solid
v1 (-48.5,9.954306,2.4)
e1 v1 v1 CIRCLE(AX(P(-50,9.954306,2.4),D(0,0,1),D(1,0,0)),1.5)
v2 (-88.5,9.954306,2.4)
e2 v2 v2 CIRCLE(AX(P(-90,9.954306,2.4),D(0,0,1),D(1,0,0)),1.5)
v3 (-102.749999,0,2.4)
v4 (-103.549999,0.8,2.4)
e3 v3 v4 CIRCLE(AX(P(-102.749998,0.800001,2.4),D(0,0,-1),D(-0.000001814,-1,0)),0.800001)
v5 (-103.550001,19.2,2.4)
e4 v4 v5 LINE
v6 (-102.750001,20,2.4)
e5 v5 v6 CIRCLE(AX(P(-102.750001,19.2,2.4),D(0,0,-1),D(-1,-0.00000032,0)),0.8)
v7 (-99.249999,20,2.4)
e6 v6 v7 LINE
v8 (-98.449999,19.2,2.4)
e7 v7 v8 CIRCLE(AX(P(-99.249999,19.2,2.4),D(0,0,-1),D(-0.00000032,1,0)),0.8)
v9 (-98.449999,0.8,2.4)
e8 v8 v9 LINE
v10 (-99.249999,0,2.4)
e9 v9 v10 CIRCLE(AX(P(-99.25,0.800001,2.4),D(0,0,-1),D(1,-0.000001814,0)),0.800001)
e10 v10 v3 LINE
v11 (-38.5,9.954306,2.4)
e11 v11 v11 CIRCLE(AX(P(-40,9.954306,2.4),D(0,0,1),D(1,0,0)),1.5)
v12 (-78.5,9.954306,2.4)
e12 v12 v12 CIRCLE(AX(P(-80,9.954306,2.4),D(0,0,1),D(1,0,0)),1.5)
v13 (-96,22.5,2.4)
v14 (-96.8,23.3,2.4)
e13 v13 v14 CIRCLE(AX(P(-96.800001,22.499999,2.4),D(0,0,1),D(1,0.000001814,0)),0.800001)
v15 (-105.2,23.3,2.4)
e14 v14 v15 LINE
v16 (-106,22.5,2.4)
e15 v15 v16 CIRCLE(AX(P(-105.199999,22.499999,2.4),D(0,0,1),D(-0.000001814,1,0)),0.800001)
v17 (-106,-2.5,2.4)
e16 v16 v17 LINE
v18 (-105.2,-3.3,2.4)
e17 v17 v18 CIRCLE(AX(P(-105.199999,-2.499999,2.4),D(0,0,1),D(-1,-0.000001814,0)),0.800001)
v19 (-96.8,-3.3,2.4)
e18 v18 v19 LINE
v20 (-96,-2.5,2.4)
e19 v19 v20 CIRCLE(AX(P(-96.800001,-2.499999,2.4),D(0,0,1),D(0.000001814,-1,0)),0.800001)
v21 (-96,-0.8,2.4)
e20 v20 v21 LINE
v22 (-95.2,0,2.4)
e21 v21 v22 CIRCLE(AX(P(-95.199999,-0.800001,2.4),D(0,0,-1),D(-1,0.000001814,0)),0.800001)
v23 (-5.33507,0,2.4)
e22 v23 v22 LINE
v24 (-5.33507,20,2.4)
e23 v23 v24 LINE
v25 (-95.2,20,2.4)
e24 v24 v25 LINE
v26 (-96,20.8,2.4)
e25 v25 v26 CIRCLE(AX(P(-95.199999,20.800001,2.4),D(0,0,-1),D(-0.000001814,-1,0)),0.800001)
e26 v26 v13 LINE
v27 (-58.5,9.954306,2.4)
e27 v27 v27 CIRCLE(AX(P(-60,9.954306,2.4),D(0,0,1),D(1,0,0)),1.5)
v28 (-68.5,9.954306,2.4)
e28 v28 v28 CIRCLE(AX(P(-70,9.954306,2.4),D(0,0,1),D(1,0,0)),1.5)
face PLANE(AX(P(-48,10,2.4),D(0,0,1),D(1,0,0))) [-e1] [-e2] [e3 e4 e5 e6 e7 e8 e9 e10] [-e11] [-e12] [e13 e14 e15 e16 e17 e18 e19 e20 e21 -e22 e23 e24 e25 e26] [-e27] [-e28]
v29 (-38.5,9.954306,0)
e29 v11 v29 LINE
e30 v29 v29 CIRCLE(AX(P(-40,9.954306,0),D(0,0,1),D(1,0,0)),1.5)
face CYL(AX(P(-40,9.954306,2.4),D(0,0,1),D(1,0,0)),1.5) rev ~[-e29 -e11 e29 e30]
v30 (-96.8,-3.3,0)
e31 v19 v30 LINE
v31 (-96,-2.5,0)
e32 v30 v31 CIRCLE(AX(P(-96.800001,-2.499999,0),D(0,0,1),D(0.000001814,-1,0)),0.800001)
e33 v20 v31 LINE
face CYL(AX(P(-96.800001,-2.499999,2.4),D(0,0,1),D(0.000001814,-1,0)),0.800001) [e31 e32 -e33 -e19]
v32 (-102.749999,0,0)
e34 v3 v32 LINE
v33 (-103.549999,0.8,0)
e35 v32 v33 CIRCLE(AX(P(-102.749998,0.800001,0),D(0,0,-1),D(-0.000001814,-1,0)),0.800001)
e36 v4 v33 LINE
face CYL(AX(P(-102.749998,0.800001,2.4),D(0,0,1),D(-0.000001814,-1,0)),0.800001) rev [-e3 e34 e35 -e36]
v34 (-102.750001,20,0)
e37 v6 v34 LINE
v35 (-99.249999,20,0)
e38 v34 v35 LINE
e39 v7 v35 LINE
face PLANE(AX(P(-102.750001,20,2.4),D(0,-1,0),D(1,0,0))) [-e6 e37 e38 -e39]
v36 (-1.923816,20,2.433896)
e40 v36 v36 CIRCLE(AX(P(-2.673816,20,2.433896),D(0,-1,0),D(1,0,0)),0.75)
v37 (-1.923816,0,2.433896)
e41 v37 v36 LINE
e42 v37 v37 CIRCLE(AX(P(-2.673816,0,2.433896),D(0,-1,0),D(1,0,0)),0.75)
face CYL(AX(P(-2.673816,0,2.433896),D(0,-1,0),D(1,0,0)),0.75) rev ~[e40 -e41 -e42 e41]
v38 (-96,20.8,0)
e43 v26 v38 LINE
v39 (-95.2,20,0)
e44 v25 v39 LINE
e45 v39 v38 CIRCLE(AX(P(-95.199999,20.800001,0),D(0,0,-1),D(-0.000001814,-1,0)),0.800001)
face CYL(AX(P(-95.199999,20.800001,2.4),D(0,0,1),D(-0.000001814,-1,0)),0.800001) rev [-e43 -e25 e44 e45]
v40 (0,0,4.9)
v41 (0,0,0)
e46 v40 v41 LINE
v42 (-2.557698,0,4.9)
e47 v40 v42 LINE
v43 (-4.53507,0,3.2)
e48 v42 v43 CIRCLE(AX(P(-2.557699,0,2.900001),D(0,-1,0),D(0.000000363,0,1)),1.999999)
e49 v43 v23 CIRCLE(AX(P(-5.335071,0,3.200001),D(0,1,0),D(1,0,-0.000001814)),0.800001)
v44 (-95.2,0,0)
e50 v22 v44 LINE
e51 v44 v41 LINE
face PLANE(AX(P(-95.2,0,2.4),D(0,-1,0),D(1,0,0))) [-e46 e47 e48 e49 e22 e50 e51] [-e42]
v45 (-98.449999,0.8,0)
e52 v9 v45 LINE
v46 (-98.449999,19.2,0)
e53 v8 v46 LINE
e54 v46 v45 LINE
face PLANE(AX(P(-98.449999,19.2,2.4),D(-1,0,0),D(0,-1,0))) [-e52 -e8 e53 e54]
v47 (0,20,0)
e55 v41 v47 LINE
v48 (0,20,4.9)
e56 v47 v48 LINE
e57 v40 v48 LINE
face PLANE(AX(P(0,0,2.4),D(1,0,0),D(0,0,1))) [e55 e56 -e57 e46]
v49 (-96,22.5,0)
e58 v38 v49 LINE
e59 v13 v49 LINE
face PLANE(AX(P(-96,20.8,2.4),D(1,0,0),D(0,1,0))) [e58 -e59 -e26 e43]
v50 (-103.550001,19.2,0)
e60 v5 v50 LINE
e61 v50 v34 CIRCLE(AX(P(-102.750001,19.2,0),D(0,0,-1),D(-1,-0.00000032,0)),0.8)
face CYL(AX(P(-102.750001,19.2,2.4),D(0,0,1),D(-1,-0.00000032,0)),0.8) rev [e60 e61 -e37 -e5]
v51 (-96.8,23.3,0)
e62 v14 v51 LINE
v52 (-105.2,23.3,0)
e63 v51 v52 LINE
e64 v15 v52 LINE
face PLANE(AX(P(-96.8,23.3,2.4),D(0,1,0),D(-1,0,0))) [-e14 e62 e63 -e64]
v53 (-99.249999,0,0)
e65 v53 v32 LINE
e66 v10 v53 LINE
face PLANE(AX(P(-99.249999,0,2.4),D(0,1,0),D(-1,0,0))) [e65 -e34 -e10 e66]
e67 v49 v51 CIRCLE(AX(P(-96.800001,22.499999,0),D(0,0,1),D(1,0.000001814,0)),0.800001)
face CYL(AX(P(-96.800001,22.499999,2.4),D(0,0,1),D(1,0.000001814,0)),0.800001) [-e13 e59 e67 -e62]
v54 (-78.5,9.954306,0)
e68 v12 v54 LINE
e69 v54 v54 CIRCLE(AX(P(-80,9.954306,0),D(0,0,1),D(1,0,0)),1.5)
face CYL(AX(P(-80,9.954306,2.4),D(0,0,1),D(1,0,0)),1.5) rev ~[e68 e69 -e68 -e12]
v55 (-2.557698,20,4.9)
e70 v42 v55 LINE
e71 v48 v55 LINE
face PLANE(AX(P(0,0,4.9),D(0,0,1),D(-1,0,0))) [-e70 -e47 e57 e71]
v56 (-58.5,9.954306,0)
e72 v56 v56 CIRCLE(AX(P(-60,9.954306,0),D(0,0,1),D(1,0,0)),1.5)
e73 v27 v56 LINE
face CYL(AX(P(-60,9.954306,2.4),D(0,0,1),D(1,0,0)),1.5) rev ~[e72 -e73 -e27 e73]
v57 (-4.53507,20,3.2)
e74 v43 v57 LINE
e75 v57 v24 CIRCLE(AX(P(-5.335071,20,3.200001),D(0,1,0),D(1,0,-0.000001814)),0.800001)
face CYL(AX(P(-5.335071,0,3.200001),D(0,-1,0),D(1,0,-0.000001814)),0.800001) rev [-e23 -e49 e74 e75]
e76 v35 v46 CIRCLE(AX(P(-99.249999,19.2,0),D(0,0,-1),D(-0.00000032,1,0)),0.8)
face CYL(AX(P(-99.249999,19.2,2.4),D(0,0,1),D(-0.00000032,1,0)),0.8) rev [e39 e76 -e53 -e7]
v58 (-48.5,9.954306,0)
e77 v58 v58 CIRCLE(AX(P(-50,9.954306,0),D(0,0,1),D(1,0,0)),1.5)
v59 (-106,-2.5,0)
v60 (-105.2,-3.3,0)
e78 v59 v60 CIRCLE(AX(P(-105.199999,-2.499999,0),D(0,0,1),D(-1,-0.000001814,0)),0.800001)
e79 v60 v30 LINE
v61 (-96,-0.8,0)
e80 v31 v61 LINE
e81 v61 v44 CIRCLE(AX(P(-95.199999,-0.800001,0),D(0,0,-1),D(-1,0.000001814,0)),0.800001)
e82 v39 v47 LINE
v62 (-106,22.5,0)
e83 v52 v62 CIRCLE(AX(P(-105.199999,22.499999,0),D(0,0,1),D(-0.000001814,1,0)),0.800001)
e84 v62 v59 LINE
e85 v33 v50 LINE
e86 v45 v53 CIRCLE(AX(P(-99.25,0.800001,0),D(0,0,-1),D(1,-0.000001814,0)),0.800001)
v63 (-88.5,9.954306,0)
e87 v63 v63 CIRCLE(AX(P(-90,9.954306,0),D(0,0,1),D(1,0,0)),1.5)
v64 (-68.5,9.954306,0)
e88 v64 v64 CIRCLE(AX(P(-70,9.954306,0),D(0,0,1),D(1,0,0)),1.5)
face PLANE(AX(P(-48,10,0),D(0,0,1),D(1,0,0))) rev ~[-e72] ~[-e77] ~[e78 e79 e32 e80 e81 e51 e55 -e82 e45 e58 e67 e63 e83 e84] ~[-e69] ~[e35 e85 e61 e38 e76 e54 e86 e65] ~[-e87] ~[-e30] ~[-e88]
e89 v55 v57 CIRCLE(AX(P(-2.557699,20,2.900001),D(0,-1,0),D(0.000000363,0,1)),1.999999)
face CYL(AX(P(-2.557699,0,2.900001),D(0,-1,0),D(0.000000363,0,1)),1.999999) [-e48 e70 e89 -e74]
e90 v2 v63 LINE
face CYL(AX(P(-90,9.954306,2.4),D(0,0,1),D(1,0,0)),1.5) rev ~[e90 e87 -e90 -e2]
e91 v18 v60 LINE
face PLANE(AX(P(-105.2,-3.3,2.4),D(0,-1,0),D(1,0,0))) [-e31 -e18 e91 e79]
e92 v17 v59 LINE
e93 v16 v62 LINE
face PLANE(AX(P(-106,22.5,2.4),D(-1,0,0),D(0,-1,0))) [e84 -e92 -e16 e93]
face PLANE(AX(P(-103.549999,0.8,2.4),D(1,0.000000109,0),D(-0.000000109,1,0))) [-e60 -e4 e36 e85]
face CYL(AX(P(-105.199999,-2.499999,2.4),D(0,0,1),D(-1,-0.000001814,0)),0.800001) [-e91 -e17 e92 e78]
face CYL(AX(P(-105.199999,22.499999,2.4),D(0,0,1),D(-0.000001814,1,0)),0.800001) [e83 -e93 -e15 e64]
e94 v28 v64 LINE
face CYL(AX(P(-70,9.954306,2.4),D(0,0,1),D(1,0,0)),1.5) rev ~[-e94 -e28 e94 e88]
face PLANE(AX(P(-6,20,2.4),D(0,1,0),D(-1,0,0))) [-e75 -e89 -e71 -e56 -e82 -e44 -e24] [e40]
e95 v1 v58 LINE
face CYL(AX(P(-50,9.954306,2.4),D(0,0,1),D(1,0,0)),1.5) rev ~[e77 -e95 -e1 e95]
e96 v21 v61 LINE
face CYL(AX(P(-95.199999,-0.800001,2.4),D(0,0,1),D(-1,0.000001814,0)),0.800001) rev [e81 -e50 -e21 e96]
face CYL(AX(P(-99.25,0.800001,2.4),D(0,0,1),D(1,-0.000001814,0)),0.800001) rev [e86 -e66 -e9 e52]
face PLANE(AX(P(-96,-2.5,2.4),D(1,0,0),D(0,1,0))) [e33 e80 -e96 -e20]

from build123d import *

# Parameters (mm, degrees)
F0_W      = 96
F0_H      = 20
F1_DEPTH  = 2.4
F4_DEPTH  = 20
F5_R      = 0.75
F6_DEPTH  = 20.001
F7_R      = 1.5
F8_DEPTH  = 2.401
F10_DEPTH = 2.4
F11_DEPTH = 2.401


with BuildPart() as f1:
    # F0 (on Top) → F1 (new body)
    with BuildSketch(Plane.XY):
        with Locations((-48, 10)):
            Rectangle(F0_W, F0_H)
    extrude(amount=F1_DEPTH)

    # F3 (on face) → F4 (join)
    with BuildSketch(Plane.XZ):
        with BuildLine():
            Line((-4.53507, 2.4), (0, 2.4))
            Line((0, 2.4), (0, 4.9))
            Line((0, 4.9), (-2.557698, 4.9))
            ThreePointArc((-2.557698, 4.9), (-3.861539, 4.416575), (-4.53507, 3.2))
            ThreePointArc((-4.53507, 3.2), (-4.769385, 2.634315), (-5.33507, 2.4))
            Line((-5.33507, 2.4), (-4.53507, 2.4))
        make_face()
    extrude(amount=-F4_DEPTH)

    # F5 (on face) → F6 (cut, through all)
    with BuildSketch(Plane.XZ):
        with Locations((-2.673816, 2.433896)):
            Circle(F5_R)
    extrude(amount=-F6_DEPTH, mode=Mode.SUBTRACT)

    # F7 (on face) → F8 (cut, through all)
    with BuildSketch(Plane.XY.offset(2.4)):
        with BuildLine():
            ThreePointArc((-91.5, 9.954306), (-90, 8.454306), (-88.5, 9.954306))
            ThreePointArc((-88.5, 9.954306), (-90, 11.454306), (-91.5, 9.954306))
        make_face()
        with Locations((-80, 9.954306)):
            Circle(F7_R)
        with Locations((-70, 9.954306)):
            Circle(F7_R)
        with Locations((-60, 9.954306)):
            Circle(F7_R)
        with Locations((-50, 9.954306)):
            Circle(F7_R)
        with Locations((-40, 9.954306)):
            Circle(F7_R)
    extrude(amount=-F8_DEPTH, mode=Mode.SUBTRACT)

    # F9 (on face) → F10 (join)
    with BuildSketch(Plane.XY.offset(2.4)):
        with BuildLine():
            Line((-95.2, 0), (-6, 0))
            Line((-6, 0), (-6, 20))
            Line((-6, 20), (-95.2, 20))
            ThreePointArc((-95.2, 20), (-95.765685, 20.234315), (-96, 20.8))
            Line((-96, 20.8), (-96, 22.5))
            ThreePointArc((-96, 22.5), (-96.234315, 23.065685), (-96.8, 23.3))
            Line((-96.8, 23.3), (-105.2, 23.3))
            ThreePointArc((-105.2, 23.3), (-105.765685, 23.065685), (-106, 22.5))
            Line((-106, 22.5), (-106, -2.5))
            ThreePointArc((-106, -2.5), (-105.765685, -3.065685), (-105.2, -3.3))
            Line((-105.2, -3.3), (-103.3, -3.3))
            Line((-103.3, -3.3), (-98.7, -3.3))
            Line((-98.7, -3.3), (-96.8, -3.3))
            ThreePointArc((-96.8, -3.3), (-96.234315, -3.065685), (-96, -2.5))
            Line((-96, -2.5), (-96, -0.8))
            ThreePointArc((-96, -0.8), (-95.765685, -0.234315), (-95.2, 0))
        make_face()
        with BuildLine():
            ThreePointArc((-103.550001, 19.2), (-103.315687, 19.765685), (-102.750001, 20))
            Line((-102.750001, 20), (-99.249999, 20))
            ThreePointArc((-99.249999, 20), (-98.684314, 19.765686), (-98.449999, 19.2))
            Line((-98.449999, 19.2), (-98.449999, 0.8))
            ThreePointArc((-98.449999, 0.8), (-98.684314, 0.234315), (-99.249999, 0))
            Line((-99.249999, 0), (-102.749999, 0))
            ThreePointArc((-102.749999, 0), (-103.315684, 0.234315), (-103.549999, 0.8))
            Line((-103.549999, 0.8), (-103.550001, 19.2))
        make_face(mode=Mode.SUBTRACT)
    extrude(amount=-F10_DEPTH)

    # F7 (on face) → F11 (cut, through all)
    with BuildSketch(Plane.XY.offset(2.4)):
        with BuildLine():
            ThreePointArc((-91.5, 9.954306), (-90, 8.454306), (-88.5, 9.954306))
            ThreePointArc((-88.5, 9.954306), (-90, 11.454306), (-91.5, 9.954306))
        make_face()
        with Locations((-80, 9.954306)):
            Circle(F7_R)
        with Locations((-70, 9.954306)):
            Circle(F7_R)
        with Locations((-60, 9.954306)):
            Circle(F7_R)
        with Locations((-50, 9.954306)):
            Circle(F7_R)
        with Locations((-40, 9.954306)):
            Circle(F7_R)
    extrude(amount=-F11_DEPTH, mode=Mode.SUBTRACT)


solid = f1.part
